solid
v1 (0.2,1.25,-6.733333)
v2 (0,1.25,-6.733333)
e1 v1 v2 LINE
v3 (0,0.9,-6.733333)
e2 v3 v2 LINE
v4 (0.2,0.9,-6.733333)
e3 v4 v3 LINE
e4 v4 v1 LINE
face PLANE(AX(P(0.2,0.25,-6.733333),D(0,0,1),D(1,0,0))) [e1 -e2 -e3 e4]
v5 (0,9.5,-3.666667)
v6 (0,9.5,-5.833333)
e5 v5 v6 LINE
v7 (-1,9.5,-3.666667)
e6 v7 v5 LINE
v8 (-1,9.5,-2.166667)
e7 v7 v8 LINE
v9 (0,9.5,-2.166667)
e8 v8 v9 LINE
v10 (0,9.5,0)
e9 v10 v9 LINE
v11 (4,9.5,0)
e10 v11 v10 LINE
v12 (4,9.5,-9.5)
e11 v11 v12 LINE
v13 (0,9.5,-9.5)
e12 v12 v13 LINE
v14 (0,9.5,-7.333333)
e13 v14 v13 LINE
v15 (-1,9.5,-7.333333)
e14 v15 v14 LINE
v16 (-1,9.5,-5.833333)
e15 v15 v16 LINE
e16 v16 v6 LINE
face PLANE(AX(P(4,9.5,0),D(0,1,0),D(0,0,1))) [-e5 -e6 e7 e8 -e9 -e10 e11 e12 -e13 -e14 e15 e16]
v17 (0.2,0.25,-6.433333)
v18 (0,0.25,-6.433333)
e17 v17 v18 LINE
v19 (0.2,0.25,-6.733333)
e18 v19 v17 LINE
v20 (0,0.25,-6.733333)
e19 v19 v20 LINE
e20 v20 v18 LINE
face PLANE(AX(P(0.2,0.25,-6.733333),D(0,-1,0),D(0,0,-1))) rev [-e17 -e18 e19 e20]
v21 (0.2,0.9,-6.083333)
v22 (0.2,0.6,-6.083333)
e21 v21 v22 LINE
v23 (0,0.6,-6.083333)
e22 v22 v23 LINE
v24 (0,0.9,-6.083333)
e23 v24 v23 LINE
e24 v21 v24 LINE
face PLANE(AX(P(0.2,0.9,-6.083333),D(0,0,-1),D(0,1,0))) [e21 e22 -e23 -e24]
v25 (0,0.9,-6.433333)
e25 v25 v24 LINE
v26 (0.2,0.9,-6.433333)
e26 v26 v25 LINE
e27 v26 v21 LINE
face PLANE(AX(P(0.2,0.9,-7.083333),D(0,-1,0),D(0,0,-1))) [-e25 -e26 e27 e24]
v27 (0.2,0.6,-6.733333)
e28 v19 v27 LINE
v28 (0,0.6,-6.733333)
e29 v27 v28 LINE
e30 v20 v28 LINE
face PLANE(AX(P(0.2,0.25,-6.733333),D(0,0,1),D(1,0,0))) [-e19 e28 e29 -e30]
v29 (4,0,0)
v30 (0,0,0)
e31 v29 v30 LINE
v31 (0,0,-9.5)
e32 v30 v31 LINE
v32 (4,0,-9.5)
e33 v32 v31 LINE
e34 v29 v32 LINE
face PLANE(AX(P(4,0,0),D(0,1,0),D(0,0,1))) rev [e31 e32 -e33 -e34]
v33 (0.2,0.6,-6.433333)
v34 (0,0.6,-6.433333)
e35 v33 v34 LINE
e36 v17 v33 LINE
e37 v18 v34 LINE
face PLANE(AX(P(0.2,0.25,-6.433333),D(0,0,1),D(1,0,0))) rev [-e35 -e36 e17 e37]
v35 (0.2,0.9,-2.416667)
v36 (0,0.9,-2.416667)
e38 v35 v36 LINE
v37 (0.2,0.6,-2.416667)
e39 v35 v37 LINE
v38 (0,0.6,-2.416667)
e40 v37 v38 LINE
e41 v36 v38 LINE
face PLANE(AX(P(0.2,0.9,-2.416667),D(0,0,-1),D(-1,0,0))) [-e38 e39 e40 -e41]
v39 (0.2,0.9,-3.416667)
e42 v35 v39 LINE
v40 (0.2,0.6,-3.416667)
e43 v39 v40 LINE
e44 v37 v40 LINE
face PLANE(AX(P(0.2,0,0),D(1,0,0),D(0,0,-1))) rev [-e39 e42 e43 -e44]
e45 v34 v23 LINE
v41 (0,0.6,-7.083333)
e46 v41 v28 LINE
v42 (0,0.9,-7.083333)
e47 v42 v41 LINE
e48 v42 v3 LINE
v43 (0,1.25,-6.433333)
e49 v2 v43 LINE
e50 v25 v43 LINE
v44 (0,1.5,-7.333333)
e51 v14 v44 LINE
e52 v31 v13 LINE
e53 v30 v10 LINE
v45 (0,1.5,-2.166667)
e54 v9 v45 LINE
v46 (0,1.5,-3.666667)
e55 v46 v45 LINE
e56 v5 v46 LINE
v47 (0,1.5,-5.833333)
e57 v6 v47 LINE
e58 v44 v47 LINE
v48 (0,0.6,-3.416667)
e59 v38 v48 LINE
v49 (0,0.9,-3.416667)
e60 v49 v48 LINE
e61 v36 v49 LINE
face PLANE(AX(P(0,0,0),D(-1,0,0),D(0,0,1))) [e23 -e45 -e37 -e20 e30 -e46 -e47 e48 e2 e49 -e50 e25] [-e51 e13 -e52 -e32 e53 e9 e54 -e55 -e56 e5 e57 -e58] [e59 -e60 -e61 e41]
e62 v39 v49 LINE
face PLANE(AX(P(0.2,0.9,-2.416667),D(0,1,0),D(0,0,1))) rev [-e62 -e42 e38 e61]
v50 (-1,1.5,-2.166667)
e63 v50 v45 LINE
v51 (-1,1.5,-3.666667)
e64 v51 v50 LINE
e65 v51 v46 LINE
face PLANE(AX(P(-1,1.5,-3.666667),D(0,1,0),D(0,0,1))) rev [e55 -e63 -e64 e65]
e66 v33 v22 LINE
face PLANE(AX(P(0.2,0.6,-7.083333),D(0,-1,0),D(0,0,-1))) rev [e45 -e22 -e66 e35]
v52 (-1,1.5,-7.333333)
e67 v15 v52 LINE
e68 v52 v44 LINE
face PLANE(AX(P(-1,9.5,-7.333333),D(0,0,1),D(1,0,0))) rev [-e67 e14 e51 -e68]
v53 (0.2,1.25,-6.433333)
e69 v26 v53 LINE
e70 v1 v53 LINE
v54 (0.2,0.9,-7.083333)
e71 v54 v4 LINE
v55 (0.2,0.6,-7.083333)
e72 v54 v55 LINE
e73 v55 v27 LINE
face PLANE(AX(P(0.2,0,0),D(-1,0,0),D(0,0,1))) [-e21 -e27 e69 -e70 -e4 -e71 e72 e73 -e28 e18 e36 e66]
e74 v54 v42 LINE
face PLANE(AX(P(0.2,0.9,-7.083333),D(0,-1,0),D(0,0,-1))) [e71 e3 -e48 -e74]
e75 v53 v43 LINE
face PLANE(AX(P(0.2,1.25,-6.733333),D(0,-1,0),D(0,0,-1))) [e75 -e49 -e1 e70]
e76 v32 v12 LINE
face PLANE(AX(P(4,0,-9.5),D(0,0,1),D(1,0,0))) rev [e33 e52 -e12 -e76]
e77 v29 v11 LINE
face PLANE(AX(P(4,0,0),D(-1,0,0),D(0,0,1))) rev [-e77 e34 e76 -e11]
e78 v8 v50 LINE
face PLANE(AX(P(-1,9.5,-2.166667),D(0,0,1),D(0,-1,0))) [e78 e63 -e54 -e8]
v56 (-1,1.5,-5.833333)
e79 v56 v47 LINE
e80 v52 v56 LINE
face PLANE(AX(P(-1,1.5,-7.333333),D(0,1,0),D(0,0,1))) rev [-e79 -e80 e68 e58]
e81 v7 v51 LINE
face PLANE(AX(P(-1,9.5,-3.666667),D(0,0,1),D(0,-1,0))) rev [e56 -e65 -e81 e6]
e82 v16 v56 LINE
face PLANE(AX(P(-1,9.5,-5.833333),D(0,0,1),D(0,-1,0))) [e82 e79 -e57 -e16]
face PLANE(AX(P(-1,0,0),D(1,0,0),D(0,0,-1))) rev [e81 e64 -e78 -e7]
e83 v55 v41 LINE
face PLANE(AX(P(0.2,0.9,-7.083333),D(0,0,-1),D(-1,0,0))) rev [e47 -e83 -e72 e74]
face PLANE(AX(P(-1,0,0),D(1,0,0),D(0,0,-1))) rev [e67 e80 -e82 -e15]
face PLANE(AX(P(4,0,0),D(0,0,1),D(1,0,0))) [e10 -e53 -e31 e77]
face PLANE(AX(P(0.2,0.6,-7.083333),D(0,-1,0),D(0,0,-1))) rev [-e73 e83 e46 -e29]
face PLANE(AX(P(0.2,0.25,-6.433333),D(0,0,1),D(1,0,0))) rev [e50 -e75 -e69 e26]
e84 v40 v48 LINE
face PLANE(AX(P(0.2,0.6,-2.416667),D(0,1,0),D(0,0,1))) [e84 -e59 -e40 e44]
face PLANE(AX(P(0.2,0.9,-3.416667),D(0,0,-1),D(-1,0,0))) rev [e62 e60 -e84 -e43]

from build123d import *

# Parameters (mm, degrees)
SKETCH_1_W          = 9.5
SKETCH_1_H          = 9.5
EXTRUDE_1_DEPTH     = 4
SKETCH_1_4_W        = 1.5
SKETCH_1_4_H        = 8
EXTRUDE_2_DEPTH     = 1
SKETCH_1_5_W        = 1
SKETCH_1_5_H        = 0.3
SKETCH_1_5_W_2      = 0.3
SKETCH_1_5_H_2      = 1
CUT_EXTRUDE_1_DEPTH = 0.2


with BuildPart() as part:
    # 草图1 → 凸台-拉伸1 (new body)
    with BuildSketch(Plane(origin=(0, 0, 0), x_dir=(0, 0, -1), z_dir=(1, 0, 0))):
        with Locations((4.75, 4.75)):
            Rectangle(SKETCH_1_W, SKETCH_1_H)
    extrude(amount=EXTRUDE_1_DEPTH)

    # 草图1<4> → 凸台-拉伸2 (add)
    with BuildSketch(Plane(origin=(0, 0, 0), x_dir=(0, 0, -1), z_dir=(1, 0, 0))):
        with Locations((6.583333333, 5.5)):
            Rectangle(SKETCH_1_4_W, SKETCH_1_4_H)
        with Locations((2.916666667, 5.5)):
            Rectangle(SKETCH_1_4_W, SKETCH_1_4_H)
    extrude(amount=-EXTRUDE_2_DEPTH)

    # 草图1<5> → 切除-拉伸1 (cut)
    with BuildSketch(Plane(origin=(0, 0, 0), x_dir=(0, 0, -1), z_dir=(1, 0, 0))):
        with Locations((6.583333333, 0.75)):
            Rectangle(SKETCH_1_5_W, SKETCH_1_5_H)
        with Locations((6.583333333, 0.75)):
            Rectangle(SKETCH_1_5_W_2, SKETCH_1_5_H_2)
        with Locations((2.916666667, 0.75)):
            Rectangle(SKETCH_1_5_W, SKETCH_1_5_H)
    extrude(amount=CUT_EXTRUDE_1_DEPTH, mode=Mode.SUBTRACT)


solid = part.part
